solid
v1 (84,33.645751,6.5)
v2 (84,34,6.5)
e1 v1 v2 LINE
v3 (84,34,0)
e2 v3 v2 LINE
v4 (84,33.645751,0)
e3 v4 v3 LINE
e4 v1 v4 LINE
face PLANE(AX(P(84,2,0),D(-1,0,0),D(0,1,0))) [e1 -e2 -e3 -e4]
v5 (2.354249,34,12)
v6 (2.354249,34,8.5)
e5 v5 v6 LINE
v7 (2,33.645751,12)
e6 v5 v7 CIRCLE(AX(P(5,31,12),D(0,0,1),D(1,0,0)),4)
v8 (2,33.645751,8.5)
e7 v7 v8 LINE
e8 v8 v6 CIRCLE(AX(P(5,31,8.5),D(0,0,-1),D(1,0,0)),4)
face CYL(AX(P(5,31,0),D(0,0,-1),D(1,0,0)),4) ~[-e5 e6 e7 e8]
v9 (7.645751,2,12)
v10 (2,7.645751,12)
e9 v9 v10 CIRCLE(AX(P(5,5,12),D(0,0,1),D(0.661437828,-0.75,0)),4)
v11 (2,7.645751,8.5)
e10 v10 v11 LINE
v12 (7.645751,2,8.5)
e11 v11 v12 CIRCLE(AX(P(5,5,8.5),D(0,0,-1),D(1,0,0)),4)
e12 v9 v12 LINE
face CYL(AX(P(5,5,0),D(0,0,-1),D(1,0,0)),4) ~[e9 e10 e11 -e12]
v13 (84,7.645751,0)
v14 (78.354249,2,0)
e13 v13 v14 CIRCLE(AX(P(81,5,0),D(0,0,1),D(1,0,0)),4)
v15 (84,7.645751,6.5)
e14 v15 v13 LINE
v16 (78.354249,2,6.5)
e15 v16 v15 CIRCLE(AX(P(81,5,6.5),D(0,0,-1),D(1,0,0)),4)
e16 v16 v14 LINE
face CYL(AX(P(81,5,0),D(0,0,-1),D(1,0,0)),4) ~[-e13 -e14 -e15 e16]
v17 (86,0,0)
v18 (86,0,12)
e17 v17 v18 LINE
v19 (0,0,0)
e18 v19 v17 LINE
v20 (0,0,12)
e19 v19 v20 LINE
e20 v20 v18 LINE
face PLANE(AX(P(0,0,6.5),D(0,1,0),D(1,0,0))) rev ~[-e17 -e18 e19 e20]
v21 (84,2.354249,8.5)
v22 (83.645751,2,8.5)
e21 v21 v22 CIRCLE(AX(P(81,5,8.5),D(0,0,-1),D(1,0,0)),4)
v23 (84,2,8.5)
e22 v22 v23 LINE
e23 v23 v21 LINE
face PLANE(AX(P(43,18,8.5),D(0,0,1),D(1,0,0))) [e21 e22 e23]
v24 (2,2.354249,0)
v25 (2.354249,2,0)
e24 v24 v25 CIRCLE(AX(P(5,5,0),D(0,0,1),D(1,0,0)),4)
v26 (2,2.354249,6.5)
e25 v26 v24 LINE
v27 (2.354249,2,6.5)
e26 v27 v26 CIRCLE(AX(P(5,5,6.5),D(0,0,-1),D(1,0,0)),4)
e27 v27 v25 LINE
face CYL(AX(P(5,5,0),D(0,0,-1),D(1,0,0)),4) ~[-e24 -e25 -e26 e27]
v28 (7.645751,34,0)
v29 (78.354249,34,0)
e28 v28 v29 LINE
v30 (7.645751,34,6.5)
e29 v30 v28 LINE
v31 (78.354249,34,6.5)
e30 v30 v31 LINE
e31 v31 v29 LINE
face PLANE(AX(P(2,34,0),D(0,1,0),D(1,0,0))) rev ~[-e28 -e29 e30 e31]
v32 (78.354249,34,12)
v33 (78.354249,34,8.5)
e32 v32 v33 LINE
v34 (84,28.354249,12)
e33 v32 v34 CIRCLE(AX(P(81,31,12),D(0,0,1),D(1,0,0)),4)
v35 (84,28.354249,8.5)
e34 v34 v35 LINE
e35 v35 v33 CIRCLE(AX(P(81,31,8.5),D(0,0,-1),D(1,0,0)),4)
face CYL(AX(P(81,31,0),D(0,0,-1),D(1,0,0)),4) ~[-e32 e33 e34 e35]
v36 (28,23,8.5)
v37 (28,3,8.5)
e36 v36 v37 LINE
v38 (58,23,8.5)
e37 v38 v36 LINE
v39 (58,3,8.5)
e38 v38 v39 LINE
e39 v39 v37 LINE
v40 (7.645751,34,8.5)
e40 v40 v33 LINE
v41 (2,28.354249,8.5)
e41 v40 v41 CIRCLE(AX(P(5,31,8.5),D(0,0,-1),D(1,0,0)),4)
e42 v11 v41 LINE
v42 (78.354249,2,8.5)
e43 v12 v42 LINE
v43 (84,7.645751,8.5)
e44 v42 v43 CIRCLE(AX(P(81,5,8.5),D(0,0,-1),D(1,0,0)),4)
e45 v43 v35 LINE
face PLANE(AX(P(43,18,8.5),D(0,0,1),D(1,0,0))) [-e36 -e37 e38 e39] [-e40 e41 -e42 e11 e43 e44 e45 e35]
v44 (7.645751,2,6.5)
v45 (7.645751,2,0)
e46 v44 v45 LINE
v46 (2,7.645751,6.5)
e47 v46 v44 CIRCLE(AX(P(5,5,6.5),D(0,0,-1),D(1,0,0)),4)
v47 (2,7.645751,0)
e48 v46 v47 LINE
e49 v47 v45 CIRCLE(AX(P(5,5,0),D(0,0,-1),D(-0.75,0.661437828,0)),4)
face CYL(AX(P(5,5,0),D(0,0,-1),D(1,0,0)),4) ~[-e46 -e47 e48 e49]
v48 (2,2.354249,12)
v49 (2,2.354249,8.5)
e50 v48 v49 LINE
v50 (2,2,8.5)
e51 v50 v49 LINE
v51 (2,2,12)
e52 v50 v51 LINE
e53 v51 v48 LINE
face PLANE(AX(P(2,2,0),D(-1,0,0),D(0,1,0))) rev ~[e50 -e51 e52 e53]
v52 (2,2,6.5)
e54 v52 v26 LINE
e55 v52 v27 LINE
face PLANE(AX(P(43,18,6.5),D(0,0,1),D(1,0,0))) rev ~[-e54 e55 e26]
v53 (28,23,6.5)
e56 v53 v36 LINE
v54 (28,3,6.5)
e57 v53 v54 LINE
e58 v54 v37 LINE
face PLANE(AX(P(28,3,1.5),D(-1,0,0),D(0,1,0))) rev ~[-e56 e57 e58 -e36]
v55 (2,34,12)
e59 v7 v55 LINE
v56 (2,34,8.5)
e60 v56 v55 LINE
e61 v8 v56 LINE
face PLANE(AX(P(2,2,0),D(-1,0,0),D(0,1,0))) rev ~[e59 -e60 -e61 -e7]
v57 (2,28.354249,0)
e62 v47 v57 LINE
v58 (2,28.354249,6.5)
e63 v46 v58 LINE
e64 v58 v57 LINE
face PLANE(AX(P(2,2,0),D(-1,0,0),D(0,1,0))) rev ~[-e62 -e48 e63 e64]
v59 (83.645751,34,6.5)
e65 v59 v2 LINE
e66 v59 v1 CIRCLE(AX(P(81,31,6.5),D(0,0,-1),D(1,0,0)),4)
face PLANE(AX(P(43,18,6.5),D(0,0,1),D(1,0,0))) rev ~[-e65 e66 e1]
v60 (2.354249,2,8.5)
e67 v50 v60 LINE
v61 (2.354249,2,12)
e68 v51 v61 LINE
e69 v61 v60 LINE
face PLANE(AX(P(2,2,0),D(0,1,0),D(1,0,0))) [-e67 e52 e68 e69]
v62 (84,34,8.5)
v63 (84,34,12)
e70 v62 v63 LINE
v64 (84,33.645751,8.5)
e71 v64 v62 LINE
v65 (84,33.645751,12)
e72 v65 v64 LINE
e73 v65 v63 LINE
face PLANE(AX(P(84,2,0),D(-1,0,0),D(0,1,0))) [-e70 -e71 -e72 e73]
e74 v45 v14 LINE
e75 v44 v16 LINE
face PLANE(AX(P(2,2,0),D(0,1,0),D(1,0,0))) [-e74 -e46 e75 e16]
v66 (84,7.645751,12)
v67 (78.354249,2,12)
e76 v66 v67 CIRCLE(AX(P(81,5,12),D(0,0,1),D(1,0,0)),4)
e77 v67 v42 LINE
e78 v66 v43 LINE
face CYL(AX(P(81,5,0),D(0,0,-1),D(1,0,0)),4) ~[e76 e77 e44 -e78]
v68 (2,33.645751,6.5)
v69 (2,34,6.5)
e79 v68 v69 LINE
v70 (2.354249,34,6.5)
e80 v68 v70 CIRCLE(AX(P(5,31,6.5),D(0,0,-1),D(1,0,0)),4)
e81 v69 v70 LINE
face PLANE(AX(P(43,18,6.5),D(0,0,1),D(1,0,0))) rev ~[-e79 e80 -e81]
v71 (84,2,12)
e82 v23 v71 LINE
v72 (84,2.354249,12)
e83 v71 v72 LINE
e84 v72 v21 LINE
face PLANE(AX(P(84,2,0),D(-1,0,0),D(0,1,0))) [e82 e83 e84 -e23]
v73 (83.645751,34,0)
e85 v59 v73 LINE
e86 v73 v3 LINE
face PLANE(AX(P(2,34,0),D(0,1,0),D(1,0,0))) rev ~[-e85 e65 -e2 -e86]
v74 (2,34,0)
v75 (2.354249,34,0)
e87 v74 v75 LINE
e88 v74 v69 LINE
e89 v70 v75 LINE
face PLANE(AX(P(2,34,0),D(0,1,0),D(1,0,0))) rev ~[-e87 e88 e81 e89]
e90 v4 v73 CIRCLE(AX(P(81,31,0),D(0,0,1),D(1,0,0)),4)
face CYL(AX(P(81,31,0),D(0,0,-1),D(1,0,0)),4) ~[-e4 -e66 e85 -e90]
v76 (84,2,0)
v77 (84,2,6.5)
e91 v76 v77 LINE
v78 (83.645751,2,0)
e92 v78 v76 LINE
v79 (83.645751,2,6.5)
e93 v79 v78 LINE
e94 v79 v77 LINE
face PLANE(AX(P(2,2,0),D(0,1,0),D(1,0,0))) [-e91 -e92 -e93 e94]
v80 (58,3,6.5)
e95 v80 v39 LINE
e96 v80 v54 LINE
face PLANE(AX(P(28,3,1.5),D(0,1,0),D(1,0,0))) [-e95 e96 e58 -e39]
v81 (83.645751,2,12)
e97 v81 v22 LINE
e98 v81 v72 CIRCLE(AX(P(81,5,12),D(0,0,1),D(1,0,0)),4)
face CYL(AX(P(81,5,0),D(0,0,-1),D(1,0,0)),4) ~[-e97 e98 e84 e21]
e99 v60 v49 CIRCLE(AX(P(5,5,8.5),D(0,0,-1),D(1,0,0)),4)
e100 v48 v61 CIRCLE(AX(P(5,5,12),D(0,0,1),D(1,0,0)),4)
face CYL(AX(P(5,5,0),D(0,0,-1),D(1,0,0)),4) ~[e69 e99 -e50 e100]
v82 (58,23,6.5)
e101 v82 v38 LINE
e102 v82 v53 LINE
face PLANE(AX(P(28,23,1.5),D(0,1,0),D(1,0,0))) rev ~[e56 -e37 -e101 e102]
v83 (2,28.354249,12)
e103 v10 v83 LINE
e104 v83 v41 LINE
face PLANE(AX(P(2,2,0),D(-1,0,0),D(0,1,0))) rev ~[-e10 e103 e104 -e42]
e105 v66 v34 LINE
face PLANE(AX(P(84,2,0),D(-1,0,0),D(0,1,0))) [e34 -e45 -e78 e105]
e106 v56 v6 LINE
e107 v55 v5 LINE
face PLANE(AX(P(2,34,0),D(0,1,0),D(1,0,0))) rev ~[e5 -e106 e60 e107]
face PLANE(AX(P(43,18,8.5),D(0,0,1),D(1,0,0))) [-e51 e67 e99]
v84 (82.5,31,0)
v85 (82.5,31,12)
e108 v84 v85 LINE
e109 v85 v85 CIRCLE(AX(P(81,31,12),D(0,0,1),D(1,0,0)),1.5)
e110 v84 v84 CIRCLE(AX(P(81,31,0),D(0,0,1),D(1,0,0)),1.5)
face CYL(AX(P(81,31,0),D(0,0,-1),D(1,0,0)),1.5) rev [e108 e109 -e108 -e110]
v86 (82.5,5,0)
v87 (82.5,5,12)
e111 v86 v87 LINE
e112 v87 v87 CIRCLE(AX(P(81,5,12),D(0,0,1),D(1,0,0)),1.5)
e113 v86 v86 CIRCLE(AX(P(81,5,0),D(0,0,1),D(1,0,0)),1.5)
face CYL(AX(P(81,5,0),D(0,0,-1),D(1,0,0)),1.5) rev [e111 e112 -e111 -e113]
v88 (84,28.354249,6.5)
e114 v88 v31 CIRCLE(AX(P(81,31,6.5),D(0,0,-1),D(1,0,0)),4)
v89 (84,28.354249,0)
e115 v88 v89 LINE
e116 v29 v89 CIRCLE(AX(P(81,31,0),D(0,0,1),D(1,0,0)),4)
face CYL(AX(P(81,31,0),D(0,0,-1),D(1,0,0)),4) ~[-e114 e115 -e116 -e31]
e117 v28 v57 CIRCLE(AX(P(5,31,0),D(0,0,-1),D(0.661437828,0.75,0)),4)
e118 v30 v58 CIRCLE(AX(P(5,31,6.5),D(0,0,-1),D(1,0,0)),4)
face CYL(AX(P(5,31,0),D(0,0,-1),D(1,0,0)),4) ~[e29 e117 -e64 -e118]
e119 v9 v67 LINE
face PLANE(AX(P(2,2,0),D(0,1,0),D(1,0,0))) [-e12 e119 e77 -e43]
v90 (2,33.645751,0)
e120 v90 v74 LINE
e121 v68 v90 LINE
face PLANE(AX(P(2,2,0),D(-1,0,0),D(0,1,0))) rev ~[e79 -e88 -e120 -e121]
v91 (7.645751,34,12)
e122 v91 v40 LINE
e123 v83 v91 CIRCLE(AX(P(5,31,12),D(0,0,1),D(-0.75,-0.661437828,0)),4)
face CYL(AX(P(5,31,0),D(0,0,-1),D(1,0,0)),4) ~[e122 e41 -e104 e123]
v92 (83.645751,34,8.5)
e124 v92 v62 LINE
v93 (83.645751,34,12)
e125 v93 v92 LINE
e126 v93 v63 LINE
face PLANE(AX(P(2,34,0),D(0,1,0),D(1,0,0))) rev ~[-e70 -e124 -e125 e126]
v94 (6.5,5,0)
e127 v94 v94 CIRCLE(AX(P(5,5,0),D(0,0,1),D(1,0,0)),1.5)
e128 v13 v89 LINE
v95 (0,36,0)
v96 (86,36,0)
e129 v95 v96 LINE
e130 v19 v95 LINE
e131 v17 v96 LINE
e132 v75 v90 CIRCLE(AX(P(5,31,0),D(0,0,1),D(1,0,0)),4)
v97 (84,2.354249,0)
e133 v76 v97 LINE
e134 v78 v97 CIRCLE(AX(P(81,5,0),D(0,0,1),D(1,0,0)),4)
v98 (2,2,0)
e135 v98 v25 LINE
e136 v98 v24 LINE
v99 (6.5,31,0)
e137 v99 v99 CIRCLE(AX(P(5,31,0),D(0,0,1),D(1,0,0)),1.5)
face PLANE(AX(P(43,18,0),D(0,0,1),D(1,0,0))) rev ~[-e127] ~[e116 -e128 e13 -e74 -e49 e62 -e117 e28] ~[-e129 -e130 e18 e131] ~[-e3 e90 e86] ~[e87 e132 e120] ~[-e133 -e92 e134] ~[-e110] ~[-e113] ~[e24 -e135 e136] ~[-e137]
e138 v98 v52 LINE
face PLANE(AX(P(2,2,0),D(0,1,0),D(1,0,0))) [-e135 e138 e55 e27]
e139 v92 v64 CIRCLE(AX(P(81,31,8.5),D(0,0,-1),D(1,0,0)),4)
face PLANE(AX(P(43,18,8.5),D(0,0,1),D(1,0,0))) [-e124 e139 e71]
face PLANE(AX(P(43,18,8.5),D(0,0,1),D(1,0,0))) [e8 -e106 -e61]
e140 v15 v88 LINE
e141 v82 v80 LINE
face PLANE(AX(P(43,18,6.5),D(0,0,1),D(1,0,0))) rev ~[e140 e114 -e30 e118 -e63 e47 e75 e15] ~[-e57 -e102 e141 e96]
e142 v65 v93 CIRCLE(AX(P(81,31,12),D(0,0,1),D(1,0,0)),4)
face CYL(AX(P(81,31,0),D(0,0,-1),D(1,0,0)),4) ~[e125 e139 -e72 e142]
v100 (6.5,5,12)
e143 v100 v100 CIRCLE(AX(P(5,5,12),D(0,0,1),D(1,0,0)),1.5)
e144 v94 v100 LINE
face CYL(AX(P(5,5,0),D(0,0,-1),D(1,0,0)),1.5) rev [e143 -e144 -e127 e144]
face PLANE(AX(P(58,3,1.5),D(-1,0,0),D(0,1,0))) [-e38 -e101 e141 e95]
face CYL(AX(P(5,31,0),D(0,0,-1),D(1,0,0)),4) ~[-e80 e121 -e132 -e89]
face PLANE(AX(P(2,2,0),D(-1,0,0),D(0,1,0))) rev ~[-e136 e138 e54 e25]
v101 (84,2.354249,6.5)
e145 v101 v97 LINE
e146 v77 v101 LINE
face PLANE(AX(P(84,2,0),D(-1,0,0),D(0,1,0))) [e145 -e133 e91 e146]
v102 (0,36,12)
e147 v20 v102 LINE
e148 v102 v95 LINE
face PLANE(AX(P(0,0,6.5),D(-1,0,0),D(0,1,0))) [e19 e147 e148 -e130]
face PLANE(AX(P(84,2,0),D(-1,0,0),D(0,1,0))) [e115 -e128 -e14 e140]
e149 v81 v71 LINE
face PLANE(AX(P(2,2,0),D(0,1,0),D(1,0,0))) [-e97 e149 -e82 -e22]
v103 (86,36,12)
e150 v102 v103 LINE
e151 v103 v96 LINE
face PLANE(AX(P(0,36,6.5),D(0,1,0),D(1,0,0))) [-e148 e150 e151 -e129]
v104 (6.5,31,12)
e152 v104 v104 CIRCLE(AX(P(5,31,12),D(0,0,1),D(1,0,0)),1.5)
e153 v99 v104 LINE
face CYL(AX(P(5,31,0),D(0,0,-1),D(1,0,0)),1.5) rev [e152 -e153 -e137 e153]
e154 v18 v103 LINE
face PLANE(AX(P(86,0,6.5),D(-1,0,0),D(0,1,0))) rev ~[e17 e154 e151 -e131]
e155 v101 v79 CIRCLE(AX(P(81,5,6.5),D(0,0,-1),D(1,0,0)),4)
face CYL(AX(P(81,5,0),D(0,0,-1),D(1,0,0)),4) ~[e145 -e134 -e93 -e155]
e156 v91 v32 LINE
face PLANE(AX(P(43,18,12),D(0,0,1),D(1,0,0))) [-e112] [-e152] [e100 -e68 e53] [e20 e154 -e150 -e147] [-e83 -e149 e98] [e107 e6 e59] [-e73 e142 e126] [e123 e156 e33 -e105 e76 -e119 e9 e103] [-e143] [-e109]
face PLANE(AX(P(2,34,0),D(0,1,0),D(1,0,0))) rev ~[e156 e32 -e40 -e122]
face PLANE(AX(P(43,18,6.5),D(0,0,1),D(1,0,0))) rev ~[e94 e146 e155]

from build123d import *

# Parameters (mm, degrees)
CYLINDER054_R       = 1.5
CYLINDER054_DEPTH   = 12
ARRAY001025_X_COUNT = 2
ARRAY001025_X_PITCH = 76
ARRAY001025_Y_COUNT = 2
ARRAY001025_Y_PITCH = 26
BOX026_W            = 82
BOX026_H            = 32
BOX026_DEPTH        = 12
BOX025_W            = 86
BOX025_H            = 36
BOX025_DEPTH        = 12
BOX028_W            = 30
BOX028_H            = 20
BOX028_DEPTH        = 10
BOX027_W            = 86
BOX027_H            = 36
BOX027_DEPTH        = 2
CYLINDER053_R       = 4
CYLINDER053_DEPTH   = 12
ARRAY001024_X_COUNT = 2
ARRAY001024_X_PITCH = 76
ARRAY001024_Y_COUNT = 2
ARRAY001024_Y_PITCH = 26


with BuildPart() as msub_bolt_hole_array:
    # Cylinder054 → Cylinder054 (new body)
    with BuildSketch(Plane(origin=(5, 5, 0), x_dir=(1, 0, 0), z_dir=(0, 0, 1))):
        Circle(CYLINDER054_R)
    extrude(amount=CYLINDER054_DEPTH)

    # Array001025 X: msub bolt hole array ×2


with BuildPart() as msub_bolt_hole_array_1:
    add(msub_bolt_hole_array.part)
    with Locations(*[(i * ARRAY001025_X_PITCH, 0, 0) for i in range(1, ARRAY001025_X_COUNT)]):
        add(msub_bolt_hole_array.part)

    # Array001025 Y: msub bolt hole array ×2


with BuildPart() as msub_bolt_hole_array_2:
    add(msub_bolt_hole_array_1.part)
    with Locations(*[(0, i * ARRAY001025_Y_PITCH, 0) for i in range(1, ARRAY001025_Y_COUNT)]):
        add(msub_bolt_hole_array_1.part)


with BuildPart() as extraction_cube:
    # Box026 → Box026 (new body)
    with BuildSketch(Plane(origin=(2, 2, 0), x_dir=(1, 0, 0), z_dir=(0, 0, 1))):
        with Locations((41, 16)):
            Rectangle(BOX026_W, BOX026_H)
    extrude(amount=BOX026_DEPTH)


with BuildPart() as msub_box_cut:
    # Box025 → Box025 (new body)
    with BuildSketch(Plane.XY):
        with Locations((43, 18)):
            Rectangle(BOX025_W, BOX025_H)
    extrude(amount=BOX025_DEPTH)

    # Cut022: cut extraction cube
    add(extraction_cube.part, mode=Mode.SUBTRACT)


with BuildPart() as msub_top_hole001:
    # Box028 → Box028 (new body)
    with BuildSketch(Plane(origin=(28, 3, -5), x_dir=(1, 0, 0), z_dir=(0, 0, 1))):
        with Locations((15, 10)):
            Rectangle(BOX028_W, BOX028_H)
    extrude(amount=BOX028_DEPTH)


with BuildPart() as msub_top_cut_copy:
    # Box027 → Box027 (new body)
    with BuildSketch(Plane.XY):
        with Locations((43, 18)):
            Rectangle(BOX027_W, BOX027_H)
    extrude(amount=BOX027_DEPTH)

    # Cut023002: cut msub top hole001
    add(msub_top_hole001.part, mode=Mode.SUBTRACT)


with BuildPart() as msub_top_cut_copy_1:
    # Cut023002 placement: moved
    add(msub_top_cut_copy.part.moved(Location((0, 0, 6.5))))


with BuildPart() as msub_middle_cut:
    # Cylinder053 → Cylinder053 (new body)
    with BuildSketch(Plane(origin=(5, 5, 0), x_dir=(1, 0, 0), z_dir=(0, 0, 1))):
        Circle(CYLINDER053_R)
    extrude(amount=CYLINDER053_DEPTH)

    # Array001024 X: msub middle cut ×2


with BuildPart() as msub_middle_cut_1:
    add(msub_middle_cut.part)
    with Locations(*[(i * ARRAY001024_X_PITCH, 0, 0) for i in range(1, ARRAY001024_X_COUNT)]):
        add(msub_middle_cut.part)

    # Array001024 Y: msub middle cut ×2


with BuildPart() as msub_middle_cut_2:
    add(msub_middle_cut_1.part)
    with Locations(*[(0, i * ARRAY001024_Y_PITCH, 0) for i in range(1, ARRAY001024_Y_COUNT)]):
        add(msub_middle_cut_1.part)

    # Fusion035: union msub box cut, msub top cut copy
    add(msub_box_cut.part)
    add(msub_top_cut_copy_1.part)

    # Cut023: cut msub bolt hole array
    add(msub_bolt_hole_array_2.part, mode=Mode.SUBTRACT)


solid = msub_middle_cut_2.part
